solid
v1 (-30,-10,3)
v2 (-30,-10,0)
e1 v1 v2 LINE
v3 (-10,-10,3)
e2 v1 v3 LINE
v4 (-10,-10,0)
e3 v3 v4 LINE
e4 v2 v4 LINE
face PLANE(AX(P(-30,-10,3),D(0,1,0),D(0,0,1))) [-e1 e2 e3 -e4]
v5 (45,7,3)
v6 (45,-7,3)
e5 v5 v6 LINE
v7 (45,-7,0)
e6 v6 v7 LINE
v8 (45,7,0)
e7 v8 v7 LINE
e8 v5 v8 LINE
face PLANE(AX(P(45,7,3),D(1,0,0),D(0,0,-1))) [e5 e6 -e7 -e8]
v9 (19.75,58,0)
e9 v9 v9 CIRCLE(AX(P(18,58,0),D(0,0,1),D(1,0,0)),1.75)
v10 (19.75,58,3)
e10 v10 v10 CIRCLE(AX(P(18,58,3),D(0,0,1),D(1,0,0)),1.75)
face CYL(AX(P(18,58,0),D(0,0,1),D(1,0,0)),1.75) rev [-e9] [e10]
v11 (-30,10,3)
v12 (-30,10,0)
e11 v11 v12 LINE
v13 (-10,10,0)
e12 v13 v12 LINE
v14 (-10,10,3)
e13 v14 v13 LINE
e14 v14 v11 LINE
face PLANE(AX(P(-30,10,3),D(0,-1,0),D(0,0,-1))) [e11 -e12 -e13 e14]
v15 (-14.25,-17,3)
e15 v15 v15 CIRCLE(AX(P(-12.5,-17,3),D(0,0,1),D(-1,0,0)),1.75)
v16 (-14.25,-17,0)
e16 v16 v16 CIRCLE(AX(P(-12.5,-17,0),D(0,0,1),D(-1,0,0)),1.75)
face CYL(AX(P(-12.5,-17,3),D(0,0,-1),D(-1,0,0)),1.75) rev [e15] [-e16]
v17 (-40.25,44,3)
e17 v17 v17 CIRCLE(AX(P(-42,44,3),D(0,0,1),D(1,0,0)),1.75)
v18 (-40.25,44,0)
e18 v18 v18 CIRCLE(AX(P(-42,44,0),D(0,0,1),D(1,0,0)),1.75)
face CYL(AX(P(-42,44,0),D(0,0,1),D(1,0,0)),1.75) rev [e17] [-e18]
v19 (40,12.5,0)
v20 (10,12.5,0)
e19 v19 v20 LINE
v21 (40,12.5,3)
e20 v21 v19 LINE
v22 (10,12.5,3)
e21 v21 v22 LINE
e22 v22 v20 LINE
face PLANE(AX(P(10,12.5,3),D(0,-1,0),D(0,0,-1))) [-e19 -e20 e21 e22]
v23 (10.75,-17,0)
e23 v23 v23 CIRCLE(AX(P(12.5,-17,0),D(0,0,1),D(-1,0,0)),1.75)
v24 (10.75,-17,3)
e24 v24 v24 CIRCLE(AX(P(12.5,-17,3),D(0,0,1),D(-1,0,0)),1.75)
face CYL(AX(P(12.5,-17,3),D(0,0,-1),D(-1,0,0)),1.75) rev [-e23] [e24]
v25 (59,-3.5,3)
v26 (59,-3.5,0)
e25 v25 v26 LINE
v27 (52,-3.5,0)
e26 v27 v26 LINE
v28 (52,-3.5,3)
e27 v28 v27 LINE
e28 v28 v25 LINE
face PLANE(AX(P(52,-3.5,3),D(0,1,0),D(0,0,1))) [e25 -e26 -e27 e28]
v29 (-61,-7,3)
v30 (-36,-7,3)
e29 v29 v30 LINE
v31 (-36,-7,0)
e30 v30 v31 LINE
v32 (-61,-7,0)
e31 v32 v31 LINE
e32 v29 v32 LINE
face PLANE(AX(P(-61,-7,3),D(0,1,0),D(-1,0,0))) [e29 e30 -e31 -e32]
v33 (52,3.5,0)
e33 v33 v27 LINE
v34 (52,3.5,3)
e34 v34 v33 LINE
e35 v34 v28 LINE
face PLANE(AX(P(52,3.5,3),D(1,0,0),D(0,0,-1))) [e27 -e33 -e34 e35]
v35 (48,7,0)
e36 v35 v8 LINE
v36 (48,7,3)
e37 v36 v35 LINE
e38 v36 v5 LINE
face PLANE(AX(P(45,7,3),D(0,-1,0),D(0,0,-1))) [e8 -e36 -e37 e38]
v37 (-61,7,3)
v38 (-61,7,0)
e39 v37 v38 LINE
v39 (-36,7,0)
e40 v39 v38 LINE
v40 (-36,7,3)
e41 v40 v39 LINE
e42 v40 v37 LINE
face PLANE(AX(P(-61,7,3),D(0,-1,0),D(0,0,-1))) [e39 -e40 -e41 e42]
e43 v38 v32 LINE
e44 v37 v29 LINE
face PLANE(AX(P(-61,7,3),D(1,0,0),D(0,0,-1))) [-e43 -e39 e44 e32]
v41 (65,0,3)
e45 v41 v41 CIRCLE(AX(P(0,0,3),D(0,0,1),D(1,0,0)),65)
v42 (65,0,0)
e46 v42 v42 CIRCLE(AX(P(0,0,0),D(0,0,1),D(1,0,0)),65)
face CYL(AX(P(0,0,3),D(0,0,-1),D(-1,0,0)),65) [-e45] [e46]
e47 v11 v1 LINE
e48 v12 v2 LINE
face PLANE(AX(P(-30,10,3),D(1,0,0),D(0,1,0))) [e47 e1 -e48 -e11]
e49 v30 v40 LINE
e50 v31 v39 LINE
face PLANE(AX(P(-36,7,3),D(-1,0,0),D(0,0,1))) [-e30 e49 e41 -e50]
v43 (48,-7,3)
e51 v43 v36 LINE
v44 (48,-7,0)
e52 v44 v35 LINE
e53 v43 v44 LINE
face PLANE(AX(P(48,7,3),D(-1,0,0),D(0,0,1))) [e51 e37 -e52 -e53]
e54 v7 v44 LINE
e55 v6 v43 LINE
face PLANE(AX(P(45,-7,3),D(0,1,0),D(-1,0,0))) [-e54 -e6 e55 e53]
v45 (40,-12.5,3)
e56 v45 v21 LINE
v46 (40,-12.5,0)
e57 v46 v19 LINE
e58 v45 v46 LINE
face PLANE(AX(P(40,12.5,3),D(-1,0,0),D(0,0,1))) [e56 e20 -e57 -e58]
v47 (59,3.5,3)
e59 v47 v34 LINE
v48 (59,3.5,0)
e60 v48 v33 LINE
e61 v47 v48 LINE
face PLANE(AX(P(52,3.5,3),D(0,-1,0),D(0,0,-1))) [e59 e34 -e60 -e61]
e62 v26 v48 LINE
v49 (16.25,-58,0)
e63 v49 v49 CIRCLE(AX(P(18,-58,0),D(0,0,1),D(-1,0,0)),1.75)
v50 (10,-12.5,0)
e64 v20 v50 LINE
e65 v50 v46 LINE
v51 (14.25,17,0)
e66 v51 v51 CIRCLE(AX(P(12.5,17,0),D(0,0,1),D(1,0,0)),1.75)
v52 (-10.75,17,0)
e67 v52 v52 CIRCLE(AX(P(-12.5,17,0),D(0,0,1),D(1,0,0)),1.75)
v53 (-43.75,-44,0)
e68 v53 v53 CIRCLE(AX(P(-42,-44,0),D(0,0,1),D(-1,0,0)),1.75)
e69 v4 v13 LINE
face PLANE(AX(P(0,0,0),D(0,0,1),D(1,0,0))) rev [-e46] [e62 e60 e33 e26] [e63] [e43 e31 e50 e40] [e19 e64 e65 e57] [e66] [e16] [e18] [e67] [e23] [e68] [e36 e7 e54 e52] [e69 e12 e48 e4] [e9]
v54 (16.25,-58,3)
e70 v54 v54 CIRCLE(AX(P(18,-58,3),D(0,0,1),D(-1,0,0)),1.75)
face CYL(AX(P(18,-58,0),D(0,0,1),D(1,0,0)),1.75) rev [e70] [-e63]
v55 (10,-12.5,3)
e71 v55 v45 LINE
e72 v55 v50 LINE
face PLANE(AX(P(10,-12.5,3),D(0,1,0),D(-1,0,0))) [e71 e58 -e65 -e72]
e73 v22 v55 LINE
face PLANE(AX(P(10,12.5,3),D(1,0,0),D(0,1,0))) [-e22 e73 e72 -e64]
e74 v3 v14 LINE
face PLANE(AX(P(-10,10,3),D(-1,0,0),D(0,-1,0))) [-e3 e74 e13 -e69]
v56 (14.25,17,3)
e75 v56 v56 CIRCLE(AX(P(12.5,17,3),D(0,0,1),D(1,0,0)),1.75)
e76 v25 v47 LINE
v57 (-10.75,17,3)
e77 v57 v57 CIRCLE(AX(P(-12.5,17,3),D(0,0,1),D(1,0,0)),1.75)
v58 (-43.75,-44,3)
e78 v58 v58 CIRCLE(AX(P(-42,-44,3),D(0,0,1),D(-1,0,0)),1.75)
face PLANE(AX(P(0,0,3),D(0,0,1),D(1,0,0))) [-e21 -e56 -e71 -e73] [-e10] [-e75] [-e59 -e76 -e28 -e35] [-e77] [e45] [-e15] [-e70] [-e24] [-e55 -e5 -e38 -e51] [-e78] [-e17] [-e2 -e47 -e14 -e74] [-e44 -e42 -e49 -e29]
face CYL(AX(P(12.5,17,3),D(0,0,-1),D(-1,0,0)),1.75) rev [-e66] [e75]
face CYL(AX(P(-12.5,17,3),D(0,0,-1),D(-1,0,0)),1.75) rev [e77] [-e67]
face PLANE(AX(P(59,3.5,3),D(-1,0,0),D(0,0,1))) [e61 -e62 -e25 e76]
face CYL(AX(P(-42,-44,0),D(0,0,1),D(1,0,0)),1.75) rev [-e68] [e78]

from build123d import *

# Parameters (mm, degrees)
CROQUIS1_R              = 65
CROQUIS1_R_2            = 1.75
CROQUIS1_W              = 20
CROQUIS1_H              = 20
CROQUIS1_W_2            = 25
CROQUIS1_H_2            = 14
CROQUIS1_W_3            = 30
CROQUIS1_H_3            = 25
CROQUIS1_W_4            = 3
CROQUIS1_W_5            = 7
CROQUIS1_H_4            = 7
SALIENTE_EXTRUIR1_DEPTH = 3
CROQUIS2_R              = 1.75
CORTAR_EXTRUIR1_DEPTH   = 3


with BuildPart() as part:
    # Croquis1 → Saliente-Extruir1 (new body)
    with BuildSketch(Plane.XY):
        Circle(CROQUIS1_R)
        with Locations((-12.5, 17)):
            Circle(CROQUIS1_R_2, mode=Mode.SUBTRACT)
        with Locations((12.5, 17)):
            Circle(CROQUIS1_R_2, mode=Mode.SUBTRACT)
        with Locations(Location((12.5, -17, 0), (0, 0, 180))):
            Circle(CROQUIS1_R_2, mode=Mode.SUBTRACT)
        with Locations(Location((-12.5, -17, 0), (0, 0, 180))):
            Circle(CROQUIS1_R_2, mode=Mode.SUBTRACT)
        with Locations((-20, 0)):
            Rectangle(CROQUIS1_W, CROQUIS1_H, mode=Mode.SUBTRACT)
        with Locations((-48.5, 0)):
            Rectangle(CROQUIS1_W_2, CROQUIS1_H_2, mode=Mode.SUBTRACT)
        with Locations((25, 0)):
            Rectangle(CROQUIS1_W_3, CROQUIS1_H_3, mode=Mode.SUBTRACT)
        with Locations((46.5, 0)):
            Rectangle(CROQUIS1_W_4, CROQUIS1_H_2, mode=Mode.SUBTRACT)
        with Locations((55.5, 0)):
            Rectangle(CROQUIS1_W_5, CROQUIS1_H_4, mode=Mode.SUBTRACT)
    extrude(amount=SALIENTE_EXTRUIR1_DEPTH)

    # Croquis2 → Cortar-Extruir1 (cut)
    with BuildSketch(Plane.XY.offset(3)):
        with Locations((-42, 44)):
            Circle(CROQUIS2_R)
        with Locations((18, 58)):
            Circle(CROQUIS2_R)
        with Locations(Location((18, -58, 0), (0, 0, 180))):
            Circle(CROQUIS2_R)
        with Locations(Location((-42, -44, 0), (0, 0, 180))):
            Circle(CROQUIS2_R)
    extrude(amount=-CORTAR_EXTRUIR1_DEPTH, mode=Mode.SUBTRACT)


solid = part.part
